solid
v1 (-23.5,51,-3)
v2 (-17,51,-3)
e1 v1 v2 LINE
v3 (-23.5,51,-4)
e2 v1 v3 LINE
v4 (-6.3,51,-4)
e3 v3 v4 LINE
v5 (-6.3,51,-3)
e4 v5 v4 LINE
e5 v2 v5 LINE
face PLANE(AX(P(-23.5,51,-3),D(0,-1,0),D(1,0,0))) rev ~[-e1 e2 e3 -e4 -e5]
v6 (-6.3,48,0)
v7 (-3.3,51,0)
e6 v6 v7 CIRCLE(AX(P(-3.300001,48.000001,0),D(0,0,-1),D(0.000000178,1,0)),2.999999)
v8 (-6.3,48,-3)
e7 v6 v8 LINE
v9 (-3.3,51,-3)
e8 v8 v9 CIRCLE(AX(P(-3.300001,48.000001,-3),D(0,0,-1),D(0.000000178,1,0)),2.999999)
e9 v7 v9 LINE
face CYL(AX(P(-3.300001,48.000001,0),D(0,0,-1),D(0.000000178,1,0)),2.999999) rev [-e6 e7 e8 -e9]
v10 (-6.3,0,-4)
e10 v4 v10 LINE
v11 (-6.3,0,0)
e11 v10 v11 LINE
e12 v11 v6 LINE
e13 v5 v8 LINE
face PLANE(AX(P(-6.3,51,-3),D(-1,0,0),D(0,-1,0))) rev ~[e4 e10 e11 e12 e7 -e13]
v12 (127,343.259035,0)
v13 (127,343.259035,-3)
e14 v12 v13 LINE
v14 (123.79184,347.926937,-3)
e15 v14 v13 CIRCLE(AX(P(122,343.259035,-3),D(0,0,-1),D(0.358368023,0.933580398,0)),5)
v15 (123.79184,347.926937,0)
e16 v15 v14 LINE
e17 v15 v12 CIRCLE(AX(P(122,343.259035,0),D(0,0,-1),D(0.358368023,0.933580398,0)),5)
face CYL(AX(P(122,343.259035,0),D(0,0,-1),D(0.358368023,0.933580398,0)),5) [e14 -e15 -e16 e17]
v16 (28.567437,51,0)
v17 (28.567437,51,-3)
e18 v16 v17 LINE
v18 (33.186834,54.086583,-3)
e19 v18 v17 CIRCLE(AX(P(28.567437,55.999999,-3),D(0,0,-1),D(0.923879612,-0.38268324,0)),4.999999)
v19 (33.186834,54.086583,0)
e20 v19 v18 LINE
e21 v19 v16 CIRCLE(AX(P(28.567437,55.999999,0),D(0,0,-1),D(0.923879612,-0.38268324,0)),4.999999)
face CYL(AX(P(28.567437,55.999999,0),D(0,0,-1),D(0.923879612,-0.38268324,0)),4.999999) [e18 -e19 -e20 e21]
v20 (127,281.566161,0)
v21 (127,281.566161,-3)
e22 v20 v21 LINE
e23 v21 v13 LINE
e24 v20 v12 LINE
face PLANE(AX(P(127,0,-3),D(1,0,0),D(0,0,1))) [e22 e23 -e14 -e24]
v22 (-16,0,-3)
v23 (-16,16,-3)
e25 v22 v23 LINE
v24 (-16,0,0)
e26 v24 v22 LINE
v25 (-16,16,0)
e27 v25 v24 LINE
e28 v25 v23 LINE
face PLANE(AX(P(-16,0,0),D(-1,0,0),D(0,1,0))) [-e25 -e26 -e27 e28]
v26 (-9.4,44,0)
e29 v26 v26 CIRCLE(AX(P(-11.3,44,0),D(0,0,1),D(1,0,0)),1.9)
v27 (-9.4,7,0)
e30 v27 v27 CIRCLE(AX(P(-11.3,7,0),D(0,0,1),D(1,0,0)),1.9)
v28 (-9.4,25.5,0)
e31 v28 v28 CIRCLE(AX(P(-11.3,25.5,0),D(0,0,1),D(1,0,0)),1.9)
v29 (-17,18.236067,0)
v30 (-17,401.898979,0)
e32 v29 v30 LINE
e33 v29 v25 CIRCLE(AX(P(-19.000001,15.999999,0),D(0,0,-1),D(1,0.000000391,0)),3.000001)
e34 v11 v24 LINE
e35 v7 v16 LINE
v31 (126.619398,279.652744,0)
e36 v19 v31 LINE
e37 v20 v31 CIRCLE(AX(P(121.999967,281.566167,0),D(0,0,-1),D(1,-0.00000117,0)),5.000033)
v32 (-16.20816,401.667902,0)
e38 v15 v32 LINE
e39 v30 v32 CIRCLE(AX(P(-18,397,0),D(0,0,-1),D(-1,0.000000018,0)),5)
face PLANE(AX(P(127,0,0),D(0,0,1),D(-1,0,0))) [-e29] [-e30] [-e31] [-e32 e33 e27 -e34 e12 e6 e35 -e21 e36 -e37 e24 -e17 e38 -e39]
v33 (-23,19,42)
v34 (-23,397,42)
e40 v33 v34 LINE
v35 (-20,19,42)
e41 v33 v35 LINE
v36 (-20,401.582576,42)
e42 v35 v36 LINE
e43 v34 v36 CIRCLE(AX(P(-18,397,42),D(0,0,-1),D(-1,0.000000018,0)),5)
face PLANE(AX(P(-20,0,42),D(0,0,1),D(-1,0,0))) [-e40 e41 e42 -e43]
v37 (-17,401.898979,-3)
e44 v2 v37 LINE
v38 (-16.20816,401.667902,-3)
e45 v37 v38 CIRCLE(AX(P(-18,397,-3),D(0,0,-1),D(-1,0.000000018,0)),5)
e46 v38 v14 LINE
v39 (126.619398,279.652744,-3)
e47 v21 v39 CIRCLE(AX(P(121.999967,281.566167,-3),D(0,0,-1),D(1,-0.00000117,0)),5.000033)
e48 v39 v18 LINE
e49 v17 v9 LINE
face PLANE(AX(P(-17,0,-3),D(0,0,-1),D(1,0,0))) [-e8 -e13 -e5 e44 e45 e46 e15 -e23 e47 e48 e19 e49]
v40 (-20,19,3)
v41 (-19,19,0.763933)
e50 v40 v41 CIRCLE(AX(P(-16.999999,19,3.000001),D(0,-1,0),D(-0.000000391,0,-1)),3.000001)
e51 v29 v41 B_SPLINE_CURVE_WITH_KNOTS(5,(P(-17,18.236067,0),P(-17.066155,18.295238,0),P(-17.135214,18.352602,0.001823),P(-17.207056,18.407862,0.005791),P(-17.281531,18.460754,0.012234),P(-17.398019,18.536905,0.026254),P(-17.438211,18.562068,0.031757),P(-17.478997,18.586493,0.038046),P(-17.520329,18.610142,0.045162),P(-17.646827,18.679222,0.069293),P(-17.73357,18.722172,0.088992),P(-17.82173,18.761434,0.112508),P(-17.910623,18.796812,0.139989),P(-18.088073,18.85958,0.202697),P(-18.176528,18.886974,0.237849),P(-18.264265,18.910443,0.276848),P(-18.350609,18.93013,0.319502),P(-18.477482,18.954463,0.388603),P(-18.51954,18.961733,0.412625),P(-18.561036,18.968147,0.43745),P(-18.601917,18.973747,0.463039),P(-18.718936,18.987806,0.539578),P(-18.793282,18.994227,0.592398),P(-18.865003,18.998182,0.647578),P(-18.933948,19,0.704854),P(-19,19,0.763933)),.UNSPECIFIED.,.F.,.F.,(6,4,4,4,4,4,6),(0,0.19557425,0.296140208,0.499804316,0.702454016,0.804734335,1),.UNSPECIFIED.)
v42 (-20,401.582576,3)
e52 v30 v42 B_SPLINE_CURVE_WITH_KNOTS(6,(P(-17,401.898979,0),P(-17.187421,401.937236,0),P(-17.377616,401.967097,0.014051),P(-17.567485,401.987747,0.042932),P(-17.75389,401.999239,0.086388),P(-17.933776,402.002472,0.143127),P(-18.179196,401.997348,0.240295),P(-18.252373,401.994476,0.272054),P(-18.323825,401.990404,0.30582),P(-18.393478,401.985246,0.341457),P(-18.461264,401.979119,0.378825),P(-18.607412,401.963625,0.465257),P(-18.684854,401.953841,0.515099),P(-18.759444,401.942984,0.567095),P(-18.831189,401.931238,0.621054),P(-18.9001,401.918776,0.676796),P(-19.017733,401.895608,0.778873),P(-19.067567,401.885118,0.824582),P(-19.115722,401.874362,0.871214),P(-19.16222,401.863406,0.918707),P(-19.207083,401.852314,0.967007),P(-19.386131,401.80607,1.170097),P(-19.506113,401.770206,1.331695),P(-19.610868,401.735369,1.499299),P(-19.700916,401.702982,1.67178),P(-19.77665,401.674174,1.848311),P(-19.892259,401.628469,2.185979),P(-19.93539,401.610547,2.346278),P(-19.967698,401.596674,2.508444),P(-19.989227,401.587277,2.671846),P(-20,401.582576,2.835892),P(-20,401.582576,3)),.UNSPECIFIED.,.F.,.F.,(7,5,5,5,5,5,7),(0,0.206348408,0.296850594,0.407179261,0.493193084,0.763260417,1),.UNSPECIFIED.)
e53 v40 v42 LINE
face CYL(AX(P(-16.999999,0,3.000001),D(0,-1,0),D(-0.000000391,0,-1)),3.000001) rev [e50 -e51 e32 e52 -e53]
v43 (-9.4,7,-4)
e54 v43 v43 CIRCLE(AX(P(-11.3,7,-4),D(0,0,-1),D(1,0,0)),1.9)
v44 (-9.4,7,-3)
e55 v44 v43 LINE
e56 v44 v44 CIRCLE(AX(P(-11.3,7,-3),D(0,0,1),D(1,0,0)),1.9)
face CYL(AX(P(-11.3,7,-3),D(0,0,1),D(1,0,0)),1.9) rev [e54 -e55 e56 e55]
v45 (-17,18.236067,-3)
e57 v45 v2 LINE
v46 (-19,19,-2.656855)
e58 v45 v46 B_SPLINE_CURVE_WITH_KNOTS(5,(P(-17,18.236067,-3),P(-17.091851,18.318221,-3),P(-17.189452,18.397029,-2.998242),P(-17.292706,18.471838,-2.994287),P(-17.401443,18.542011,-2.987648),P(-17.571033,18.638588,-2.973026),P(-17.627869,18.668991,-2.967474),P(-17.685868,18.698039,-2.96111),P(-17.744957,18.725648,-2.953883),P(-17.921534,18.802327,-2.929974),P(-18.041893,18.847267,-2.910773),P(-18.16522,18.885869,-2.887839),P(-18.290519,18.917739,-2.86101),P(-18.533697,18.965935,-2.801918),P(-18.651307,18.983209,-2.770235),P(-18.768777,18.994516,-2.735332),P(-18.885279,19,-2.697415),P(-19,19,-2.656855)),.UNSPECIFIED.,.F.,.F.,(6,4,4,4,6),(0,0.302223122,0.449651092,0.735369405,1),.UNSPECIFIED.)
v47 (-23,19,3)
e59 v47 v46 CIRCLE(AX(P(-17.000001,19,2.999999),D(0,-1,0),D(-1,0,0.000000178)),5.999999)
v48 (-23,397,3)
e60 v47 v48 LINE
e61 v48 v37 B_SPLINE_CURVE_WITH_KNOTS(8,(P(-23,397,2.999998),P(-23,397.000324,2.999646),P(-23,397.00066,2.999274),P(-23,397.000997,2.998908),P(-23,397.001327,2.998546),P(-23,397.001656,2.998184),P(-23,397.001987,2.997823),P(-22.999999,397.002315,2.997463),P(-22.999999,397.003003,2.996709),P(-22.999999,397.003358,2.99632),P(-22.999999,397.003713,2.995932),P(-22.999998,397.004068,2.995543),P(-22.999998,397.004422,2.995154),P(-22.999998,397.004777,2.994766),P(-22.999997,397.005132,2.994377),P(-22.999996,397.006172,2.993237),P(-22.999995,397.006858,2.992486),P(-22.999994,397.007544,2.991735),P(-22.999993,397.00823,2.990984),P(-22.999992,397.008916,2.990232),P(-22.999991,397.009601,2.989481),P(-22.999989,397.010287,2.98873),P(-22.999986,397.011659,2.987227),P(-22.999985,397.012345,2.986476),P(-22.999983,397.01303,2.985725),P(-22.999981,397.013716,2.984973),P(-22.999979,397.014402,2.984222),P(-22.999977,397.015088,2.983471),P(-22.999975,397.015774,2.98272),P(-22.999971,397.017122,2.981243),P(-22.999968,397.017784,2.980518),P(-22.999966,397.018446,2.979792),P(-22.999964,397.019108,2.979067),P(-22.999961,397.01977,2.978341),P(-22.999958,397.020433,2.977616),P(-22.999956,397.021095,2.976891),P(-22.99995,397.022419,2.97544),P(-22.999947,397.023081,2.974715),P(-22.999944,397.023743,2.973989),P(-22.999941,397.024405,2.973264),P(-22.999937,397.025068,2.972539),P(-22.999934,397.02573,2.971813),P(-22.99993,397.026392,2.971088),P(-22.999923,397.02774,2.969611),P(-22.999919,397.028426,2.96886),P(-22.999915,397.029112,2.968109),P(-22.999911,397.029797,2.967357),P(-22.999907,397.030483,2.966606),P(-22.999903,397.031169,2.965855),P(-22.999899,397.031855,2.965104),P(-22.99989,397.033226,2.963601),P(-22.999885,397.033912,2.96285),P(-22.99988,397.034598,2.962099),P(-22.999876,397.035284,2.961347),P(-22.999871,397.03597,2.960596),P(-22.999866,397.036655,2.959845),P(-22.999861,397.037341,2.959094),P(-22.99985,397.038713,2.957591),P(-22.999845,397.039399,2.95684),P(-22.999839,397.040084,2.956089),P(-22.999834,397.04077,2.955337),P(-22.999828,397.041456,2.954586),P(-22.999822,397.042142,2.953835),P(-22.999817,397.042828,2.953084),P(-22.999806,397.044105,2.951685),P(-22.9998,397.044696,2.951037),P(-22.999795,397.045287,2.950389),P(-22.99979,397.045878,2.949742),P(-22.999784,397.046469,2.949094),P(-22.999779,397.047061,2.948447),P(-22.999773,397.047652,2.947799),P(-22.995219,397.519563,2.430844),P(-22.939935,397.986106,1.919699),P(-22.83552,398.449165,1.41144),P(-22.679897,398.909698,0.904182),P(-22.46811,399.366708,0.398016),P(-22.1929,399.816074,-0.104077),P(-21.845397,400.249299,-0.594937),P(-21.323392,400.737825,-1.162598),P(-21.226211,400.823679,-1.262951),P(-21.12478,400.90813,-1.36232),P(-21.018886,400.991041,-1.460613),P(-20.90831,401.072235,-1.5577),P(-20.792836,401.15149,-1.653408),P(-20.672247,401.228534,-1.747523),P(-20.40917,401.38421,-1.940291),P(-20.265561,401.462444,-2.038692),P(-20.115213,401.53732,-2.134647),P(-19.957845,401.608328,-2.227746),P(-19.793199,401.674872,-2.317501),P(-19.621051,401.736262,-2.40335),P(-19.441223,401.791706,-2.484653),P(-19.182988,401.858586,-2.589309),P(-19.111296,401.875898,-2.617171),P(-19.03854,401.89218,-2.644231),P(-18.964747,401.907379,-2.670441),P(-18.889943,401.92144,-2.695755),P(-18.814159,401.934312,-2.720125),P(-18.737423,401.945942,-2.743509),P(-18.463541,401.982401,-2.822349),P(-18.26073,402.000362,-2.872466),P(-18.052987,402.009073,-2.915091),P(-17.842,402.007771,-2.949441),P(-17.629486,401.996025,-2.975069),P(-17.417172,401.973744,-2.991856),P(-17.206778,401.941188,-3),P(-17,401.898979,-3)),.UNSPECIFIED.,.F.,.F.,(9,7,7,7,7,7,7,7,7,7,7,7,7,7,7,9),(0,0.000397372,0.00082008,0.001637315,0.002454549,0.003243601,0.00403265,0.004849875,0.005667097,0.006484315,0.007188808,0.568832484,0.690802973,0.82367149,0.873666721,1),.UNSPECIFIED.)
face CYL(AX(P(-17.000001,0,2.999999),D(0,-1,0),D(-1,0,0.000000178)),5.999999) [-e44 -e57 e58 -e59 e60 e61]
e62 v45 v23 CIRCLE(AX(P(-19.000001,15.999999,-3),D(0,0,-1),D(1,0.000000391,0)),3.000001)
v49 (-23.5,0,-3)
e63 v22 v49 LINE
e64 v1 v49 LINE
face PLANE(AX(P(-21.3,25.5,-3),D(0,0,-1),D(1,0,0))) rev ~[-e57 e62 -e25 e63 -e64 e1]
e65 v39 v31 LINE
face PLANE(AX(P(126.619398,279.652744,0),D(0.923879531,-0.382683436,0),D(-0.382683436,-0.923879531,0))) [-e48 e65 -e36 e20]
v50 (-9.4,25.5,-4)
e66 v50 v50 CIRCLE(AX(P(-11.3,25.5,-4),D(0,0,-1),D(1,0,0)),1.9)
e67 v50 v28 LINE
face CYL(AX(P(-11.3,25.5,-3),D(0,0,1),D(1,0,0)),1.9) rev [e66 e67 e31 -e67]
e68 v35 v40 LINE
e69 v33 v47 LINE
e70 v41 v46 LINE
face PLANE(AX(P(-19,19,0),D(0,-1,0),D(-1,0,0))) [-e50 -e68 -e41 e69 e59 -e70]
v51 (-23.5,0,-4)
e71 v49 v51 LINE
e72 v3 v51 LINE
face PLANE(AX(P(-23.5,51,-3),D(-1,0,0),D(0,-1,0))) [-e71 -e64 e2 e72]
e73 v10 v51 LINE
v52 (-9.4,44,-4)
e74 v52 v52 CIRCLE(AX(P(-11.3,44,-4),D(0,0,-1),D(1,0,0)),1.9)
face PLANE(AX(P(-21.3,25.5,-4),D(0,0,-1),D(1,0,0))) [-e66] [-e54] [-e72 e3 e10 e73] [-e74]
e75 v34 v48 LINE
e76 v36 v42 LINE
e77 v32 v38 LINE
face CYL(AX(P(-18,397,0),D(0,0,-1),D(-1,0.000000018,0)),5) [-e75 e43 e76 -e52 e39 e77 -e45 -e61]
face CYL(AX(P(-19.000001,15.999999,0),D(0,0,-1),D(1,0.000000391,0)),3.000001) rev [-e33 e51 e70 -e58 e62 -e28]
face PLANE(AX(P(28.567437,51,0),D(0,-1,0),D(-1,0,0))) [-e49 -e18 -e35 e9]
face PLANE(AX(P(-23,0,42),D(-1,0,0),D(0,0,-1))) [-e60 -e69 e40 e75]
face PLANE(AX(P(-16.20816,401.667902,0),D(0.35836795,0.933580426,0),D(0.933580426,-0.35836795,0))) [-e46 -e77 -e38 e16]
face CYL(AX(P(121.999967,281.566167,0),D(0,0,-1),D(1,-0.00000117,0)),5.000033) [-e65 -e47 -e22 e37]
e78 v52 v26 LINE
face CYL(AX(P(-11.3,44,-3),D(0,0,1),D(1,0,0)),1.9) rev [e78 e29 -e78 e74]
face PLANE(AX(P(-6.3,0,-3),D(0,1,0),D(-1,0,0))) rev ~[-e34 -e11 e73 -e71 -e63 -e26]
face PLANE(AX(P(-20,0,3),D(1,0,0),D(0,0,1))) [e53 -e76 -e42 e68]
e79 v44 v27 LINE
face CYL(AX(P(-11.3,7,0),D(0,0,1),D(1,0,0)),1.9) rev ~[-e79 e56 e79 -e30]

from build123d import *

# Parameters (mm, degrees)
F1_DEPTH = 500
F2_W     = 221.745663
F2_H     = 538.323703
F2_R     = 1.9
F3_DEPTH = 50
F4_W     = 4.4
F4_H     = 51
F4_W_2   = 12.8
F4_R     = 1.9
F5_DEPTH = 1


with BuildPart() as f1:
    # F0 (on Front) → F1 (new body)
    with BuildSketch(Plane.XZ):
        with BuildLine():
            Line((-20, 3), (-20, 42))
            Line((-20, 42), (-23, 42))
            Line((-23, 42), (-23, 3))
            ThreePointArc((-23, 3), (-21.242641, -1.242641), (-17, -3))
            Line((-17, -3), (127, -3))
            Line((127, -3), (127, 0))
            Line((127, 0), (-17, 0))
            ThreePointArc((-17, 0), (-19.12132, 0.87868), (-20, 3))
        make_face()
    extrude(amount=-F1_DEPTH)

    # F2 (on Top) → F3 (cut, symmetric)
    with BuildSketch(Plane.XY):
        with Locations((54.499505, 256.060087)):
            Rectangle(F2_W, F2_H)
        with BuildLine():
            Line((126.619398, 279.652744), (33.186834, 54.086583))
            ThreePointArc((33.186834, 54.086583), (31.345288, 51.842652), (28.567437, 51))
            Line((28.567437, 51), (-3.3, 51))
            ThreePointArc((-3.3, 51), (-5.421321, 50.12132), (-6.3, 48))
            Line((-6.3, 48), (-6.3, 0))
            Line((-6.3, 0), (-16, 0))
            Line((-16, 0), (-16, 16))
            ThreePointArc((-16, 16), (-16.87868, 18.12132), (-19, 19))
            Line((-19, 19), (-23, 19))
            Line((-23, 19), (-23, 397))
            ThreePointArc((-23, 397), (-20.832031, 401.120631), (-16.20816, 401.667902))
            Line((-16.20816, 401.667902), (123.79184, 347.926937))
            ThreePointArc((123.79184, 347.926937), (126.120631, 346.091066), (127, 343.259035))
            Line((127, 343.259035), (127, 281.566161))
            ThreePointArc((127, 281.566161), (126.903926, 280.59071), (126.619398, 279.652744))
        make_face(mode=Mode.SUBTRACT)
        Polygon((467.411696, 344.689719), (455.614504, 344.432303), (456.010659, 326.276753), (456.727063, 293.44444), (469.524017, 293.72367), (468.411458, 344.711534), align=None)
        with Locations((461.573169, 300.551848)):
            Circle(F2_R, mode=Mode.SUBTRACT)
        with Locations((461.169593, 319.047446)):
            Circle(F2_R, mode=Mode.SUBTRACT)
        with Locations((460.766018, 337.543043)):
            Circle(F2_R, mode=Mode.SUBTRACT)
        Polygon((472.810411, 344.807519), (468.411458, 344.711534), (469.524017, 293.72367), (473.92297, 293.819656), align=None)
        Polygon((485.607364, 345.08675), (472.810411, 344.807519), (473.92297, 293.819656), (474.922732, 293.841471), (486.719924, 294.098886), align=None)
        with Locations((481.568409, 300.988146)):
            Circle(F2_R, mode=Mode.SUBTRACT)
        with Locations((481.164834, 319.483744)):
            Circle(F2_R, mode=Mode.SUBTRACT)
        with Locations((480.761259, 337.979341)):
            Circle(F2_R, mode=Mode.SUBTRACT)
        with Locations((-11.3, 44)):
            Circle(F2_R)
        with Locations((-11.3, 25.5)):
            Circle(F2_R)
        with Locations((-11.3, 7)):
            Circle(F2_R)
    extrude(amount=F3_DEPTH, both=True, mode=Mode.SUBTRACT)

    # F4 (on face) → F5 (join)
    with BuildSketch(Plane(origin=(0, 0, -3), x_dir=(1, 0, 0), z_dir=(0, 0, -1))):
        with Locations((-21.3, -25.5)):
            Rectangle(F4_W, F4_H)
        with Locations((-12.7, -25.5)):
            Rectangle(F4_W_2, F4_H)
        with Locations((-11.3, -44)):
            Circle(F4_R, mode=Mode.SUBTRACT)
        with Locations((-11.3, -25.5)):
            Circle(F4_R, mode=Mode.SUBTRACT)
        with Locations((-11.3, -7)):
            Circle(F4_R, mode=Mode.SUBTRACT)
    extrude(amount=F5_DEPTH)


solid = f1.part
